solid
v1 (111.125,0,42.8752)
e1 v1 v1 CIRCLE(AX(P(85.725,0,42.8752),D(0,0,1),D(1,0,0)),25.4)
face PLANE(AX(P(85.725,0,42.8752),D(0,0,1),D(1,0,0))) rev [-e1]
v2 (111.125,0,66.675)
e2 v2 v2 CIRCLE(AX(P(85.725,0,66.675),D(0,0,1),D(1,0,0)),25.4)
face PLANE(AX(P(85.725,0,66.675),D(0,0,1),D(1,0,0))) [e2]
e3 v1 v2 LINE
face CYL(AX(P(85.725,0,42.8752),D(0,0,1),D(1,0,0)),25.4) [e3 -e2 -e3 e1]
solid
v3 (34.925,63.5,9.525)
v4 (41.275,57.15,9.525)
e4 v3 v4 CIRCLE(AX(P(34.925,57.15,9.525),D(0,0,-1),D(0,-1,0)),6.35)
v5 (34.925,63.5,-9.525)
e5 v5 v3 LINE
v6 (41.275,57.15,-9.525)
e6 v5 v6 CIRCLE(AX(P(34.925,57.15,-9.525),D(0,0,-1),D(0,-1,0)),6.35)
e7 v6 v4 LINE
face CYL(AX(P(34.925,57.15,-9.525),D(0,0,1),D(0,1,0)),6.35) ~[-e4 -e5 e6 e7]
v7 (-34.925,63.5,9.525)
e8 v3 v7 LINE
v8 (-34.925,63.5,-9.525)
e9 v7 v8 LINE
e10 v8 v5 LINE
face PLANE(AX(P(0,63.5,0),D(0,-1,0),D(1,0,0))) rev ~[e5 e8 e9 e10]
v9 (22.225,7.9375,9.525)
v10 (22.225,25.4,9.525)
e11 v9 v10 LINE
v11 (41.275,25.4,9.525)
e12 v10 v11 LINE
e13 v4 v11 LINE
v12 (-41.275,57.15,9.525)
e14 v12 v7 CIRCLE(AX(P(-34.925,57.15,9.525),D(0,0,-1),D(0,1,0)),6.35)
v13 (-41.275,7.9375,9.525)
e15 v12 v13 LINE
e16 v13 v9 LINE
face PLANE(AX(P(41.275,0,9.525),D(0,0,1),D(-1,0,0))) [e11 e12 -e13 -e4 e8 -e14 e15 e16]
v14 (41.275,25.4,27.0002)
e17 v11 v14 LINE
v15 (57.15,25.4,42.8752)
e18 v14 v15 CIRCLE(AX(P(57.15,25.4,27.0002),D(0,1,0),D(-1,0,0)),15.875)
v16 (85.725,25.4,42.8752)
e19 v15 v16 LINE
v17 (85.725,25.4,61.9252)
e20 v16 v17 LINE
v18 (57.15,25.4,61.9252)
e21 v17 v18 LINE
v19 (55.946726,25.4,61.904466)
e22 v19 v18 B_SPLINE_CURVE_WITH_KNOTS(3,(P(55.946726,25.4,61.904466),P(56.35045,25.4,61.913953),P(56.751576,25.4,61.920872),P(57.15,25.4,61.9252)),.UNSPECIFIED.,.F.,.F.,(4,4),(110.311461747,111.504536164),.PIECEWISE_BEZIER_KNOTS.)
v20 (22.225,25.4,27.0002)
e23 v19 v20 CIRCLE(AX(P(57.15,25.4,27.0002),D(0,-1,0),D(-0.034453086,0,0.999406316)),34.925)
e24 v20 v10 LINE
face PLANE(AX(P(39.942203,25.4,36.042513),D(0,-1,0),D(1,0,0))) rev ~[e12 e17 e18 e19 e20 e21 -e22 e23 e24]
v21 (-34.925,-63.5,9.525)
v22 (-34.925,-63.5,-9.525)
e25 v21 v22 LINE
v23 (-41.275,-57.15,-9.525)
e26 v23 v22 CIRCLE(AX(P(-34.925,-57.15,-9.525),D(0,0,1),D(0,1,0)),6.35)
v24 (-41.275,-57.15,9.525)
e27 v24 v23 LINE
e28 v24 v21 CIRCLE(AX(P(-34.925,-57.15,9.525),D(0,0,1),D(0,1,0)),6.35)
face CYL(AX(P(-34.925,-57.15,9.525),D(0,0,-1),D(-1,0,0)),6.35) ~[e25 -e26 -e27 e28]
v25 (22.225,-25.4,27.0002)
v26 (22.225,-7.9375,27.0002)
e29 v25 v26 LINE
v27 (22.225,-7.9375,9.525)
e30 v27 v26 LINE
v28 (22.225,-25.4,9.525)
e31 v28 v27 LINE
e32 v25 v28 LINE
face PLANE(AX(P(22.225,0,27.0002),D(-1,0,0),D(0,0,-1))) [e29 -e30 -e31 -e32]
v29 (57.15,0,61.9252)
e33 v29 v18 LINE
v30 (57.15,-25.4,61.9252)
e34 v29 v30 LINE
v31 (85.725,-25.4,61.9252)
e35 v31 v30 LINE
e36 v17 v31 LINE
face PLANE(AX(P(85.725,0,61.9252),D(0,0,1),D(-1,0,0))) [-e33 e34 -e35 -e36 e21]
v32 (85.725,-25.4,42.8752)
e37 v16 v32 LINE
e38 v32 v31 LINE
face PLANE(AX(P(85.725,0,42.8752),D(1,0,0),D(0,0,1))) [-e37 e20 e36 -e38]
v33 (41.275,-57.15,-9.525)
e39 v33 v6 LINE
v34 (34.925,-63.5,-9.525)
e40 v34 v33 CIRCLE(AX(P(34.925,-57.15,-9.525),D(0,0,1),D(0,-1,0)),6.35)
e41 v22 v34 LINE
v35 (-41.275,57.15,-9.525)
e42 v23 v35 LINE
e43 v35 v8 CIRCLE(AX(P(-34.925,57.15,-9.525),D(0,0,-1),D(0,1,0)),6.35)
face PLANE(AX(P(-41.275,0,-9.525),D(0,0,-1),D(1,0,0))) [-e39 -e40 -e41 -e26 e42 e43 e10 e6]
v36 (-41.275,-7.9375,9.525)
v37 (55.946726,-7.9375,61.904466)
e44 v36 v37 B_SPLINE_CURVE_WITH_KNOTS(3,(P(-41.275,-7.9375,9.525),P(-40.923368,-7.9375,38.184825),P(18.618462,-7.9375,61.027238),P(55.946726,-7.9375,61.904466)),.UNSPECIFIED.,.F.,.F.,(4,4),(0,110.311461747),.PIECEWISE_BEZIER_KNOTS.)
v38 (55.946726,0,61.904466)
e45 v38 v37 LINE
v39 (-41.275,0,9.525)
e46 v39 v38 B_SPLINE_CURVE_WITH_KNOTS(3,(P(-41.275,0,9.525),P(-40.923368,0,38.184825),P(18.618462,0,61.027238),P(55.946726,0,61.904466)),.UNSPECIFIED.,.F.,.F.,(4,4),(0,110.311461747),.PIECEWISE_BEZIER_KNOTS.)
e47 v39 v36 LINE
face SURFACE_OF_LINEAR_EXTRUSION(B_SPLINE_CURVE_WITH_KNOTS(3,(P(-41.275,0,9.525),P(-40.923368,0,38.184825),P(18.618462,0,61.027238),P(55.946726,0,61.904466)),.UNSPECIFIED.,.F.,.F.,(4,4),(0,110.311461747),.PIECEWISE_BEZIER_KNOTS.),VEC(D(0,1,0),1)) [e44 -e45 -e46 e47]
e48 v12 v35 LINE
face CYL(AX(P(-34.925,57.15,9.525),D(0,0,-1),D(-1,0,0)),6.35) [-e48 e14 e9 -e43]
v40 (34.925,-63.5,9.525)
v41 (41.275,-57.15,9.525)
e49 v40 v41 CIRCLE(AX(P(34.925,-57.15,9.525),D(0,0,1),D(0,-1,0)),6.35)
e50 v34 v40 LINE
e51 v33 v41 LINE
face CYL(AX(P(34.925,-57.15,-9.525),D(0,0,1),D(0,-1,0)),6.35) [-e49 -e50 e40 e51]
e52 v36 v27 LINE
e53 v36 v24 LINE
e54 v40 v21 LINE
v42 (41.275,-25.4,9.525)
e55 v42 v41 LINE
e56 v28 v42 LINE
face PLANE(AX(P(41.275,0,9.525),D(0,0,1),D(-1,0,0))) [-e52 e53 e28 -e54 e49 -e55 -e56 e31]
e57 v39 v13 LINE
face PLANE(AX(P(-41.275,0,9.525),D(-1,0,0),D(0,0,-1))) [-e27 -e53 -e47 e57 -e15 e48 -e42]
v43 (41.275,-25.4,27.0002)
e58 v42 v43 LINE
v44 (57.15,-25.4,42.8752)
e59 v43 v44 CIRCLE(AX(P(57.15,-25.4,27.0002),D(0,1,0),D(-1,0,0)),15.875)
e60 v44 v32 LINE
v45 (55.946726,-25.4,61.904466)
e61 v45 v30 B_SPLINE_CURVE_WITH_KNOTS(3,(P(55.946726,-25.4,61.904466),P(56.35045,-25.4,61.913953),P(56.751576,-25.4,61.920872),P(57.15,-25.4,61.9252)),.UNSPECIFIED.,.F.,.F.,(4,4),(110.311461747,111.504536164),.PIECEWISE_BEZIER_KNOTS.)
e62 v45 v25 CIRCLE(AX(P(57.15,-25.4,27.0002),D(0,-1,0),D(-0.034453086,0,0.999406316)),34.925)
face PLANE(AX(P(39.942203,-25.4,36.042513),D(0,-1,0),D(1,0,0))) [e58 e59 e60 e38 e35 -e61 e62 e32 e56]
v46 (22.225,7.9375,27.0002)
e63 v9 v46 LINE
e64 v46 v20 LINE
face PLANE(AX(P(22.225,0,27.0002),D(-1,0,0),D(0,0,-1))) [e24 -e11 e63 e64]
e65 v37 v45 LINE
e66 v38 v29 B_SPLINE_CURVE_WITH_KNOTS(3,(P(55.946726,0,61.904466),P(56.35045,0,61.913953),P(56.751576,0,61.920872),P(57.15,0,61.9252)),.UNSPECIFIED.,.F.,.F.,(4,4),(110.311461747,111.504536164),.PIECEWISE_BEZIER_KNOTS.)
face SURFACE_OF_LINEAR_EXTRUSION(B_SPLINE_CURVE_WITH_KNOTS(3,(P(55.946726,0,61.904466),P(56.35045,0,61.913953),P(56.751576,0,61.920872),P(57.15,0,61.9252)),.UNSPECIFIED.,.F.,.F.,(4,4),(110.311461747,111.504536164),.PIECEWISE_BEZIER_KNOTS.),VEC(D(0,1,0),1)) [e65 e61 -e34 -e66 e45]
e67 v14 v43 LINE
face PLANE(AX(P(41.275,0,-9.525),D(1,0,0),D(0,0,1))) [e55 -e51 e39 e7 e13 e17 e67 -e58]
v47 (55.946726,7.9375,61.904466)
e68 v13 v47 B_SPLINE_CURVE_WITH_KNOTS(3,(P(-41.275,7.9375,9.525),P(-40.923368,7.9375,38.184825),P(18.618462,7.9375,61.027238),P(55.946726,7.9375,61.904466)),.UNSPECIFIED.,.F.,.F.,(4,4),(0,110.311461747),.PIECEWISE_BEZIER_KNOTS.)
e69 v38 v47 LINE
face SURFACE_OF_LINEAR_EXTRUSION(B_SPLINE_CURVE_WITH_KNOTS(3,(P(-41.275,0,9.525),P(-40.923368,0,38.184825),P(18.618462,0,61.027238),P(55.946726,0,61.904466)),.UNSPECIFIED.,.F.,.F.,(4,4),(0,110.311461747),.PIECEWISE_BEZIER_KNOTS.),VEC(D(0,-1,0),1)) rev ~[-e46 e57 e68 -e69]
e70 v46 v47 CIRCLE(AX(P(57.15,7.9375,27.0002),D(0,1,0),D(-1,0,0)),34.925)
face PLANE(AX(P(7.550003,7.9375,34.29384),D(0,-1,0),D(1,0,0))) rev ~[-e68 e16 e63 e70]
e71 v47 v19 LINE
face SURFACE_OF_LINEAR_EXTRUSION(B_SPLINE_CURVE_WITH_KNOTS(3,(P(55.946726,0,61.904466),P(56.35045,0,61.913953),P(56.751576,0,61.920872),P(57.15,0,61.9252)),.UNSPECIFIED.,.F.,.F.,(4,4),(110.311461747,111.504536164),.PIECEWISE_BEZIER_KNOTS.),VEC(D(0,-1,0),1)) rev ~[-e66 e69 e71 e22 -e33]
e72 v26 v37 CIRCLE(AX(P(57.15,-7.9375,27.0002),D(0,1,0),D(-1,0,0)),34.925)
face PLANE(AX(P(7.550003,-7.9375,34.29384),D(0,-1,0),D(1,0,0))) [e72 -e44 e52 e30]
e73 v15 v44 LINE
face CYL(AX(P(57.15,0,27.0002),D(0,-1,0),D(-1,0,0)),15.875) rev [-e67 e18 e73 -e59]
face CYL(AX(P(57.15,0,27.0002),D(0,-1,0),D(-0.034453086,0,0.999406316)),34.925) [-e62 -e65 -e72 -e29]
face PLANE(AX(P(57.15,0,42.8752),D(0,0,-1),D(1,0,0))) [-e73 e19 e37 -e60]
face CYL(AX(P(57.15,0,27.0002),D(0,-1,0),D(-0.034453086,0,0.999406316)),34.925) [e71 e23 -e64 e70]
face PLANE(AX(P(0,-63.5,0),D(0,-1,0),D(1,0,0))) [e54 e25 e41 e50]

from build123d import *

# Parameters (mm, degrees)
F1_DEPTH = 63.5
F0_W     = 25.4
F0_H     = 19.05
F2_DEPTH = 25.4
F3_DEPTH = 7.9375
F5_R     = 6.35


with BuildPart() as f1:
    # F0 (on Front) → F1 (new body, symmetric)
    with BuildSketch(Plane.XZ):
        Polygon((41.275, -9.525), (41.275, 9.525), (22.225, 9.525), (-41.275, 9.525), (-41.275, -9.525), align=None)
    extrude(amount=F1_DEPTH, both=True)

    # F0 (on Front) → F2 (join, symmetric)
    with BuildSketch(Plane.XZ):
        with BuildLine():
            Line((22.225, 9.525), (41.275, 9.525))
            Line((41.275, 9.525), (41.275, 27.0002))
            ThreePointArc((41.275, 27.0002), (45.9246798487, 38.2255201513), (57.15, 42.8752))
            Line((57.15, 42.8752), (60.325, 42.8752))
            Line((60.325, 42.8752), (60.325, 61.9252))
            Line((60.325, 61.9252), (57.15, 61.9252))
            add(Edge.make_bspline(
                [(55.9467259749, 61.9044655935), (56.3504500822, 61.913953254), (56.7515757531, 61.9208715326), (57.15, 61.9252)],
                knots=[110.3114617473, 110.3114617473, 110.3114617473, 110.3114617473, 111.5045361635, 111.5045361635, 111.5045361635, 111.5045361635], degree=3))
            ThreePointArc((55.9467259749, 61.9044655935), (32.0324765321, 51.2667539341), (22.225, 27.0002))
            Line((22.225, 27.0002), (22.225, 9.525))
        make_face()
        with Locations((73.025, 52.4002)):
            Rectangle(F0_W, F0_H)
    extrude(amount=F2_DEPTH, both=True)

    # F0 (on Front) → F3 (join, symmetric)
    with BuildSketch(Plane.XZ):
        with BuildLine():
            Line((-41.275, 9.525), (22.225, 9.525))
            Line((22.225, 9.525), (22.225, 27.0002))
            ThreePointArc((22.225, 27.0002), (32.0324765321, 51.2667539341), (55.9467259749, 61.9044655935))
            add(Edge.make_bspline(
                [(-41.275, 9.525), (-40.9233677456, 38.1848250151), (18.6184622862, 61.0272380826), (55.9467259749, 61.9044655935)],
                knots=[0, 0, 0, 0, 110.3114617473, 110.3114617473, 110.3114617473, 110.3114617473], degree=3))
        make_face()
    extrude(amount=F3_DEPTH, both=True)

    # F5
    f5_edges = [f1.edges().sort_by_distance(p)[0] for p in [
        (-41.275, -63.5, 0),
        (41.275, -63.5, 0),
        (-41.275, 63.5, 0),
        (41.275, 63.5, 0),
    ]]
    fillet(f5_edges, radius=F5_R)


with BuildPart() as f4:
    # F0 (on Front) → F4 (revolve)
    with BuildSketch(Plane.XZ):
        Polygon((85.725, 61.9252), (85.725, 42.8752), (111.125, 42.8752), (111.125, 66.675), (85.725, 66.675), align=None)
    revolve(axis=Axis((85.725, 0, 54.7751), (0, 0, 1)))


solid = Compound([f1.part, f4.part])
